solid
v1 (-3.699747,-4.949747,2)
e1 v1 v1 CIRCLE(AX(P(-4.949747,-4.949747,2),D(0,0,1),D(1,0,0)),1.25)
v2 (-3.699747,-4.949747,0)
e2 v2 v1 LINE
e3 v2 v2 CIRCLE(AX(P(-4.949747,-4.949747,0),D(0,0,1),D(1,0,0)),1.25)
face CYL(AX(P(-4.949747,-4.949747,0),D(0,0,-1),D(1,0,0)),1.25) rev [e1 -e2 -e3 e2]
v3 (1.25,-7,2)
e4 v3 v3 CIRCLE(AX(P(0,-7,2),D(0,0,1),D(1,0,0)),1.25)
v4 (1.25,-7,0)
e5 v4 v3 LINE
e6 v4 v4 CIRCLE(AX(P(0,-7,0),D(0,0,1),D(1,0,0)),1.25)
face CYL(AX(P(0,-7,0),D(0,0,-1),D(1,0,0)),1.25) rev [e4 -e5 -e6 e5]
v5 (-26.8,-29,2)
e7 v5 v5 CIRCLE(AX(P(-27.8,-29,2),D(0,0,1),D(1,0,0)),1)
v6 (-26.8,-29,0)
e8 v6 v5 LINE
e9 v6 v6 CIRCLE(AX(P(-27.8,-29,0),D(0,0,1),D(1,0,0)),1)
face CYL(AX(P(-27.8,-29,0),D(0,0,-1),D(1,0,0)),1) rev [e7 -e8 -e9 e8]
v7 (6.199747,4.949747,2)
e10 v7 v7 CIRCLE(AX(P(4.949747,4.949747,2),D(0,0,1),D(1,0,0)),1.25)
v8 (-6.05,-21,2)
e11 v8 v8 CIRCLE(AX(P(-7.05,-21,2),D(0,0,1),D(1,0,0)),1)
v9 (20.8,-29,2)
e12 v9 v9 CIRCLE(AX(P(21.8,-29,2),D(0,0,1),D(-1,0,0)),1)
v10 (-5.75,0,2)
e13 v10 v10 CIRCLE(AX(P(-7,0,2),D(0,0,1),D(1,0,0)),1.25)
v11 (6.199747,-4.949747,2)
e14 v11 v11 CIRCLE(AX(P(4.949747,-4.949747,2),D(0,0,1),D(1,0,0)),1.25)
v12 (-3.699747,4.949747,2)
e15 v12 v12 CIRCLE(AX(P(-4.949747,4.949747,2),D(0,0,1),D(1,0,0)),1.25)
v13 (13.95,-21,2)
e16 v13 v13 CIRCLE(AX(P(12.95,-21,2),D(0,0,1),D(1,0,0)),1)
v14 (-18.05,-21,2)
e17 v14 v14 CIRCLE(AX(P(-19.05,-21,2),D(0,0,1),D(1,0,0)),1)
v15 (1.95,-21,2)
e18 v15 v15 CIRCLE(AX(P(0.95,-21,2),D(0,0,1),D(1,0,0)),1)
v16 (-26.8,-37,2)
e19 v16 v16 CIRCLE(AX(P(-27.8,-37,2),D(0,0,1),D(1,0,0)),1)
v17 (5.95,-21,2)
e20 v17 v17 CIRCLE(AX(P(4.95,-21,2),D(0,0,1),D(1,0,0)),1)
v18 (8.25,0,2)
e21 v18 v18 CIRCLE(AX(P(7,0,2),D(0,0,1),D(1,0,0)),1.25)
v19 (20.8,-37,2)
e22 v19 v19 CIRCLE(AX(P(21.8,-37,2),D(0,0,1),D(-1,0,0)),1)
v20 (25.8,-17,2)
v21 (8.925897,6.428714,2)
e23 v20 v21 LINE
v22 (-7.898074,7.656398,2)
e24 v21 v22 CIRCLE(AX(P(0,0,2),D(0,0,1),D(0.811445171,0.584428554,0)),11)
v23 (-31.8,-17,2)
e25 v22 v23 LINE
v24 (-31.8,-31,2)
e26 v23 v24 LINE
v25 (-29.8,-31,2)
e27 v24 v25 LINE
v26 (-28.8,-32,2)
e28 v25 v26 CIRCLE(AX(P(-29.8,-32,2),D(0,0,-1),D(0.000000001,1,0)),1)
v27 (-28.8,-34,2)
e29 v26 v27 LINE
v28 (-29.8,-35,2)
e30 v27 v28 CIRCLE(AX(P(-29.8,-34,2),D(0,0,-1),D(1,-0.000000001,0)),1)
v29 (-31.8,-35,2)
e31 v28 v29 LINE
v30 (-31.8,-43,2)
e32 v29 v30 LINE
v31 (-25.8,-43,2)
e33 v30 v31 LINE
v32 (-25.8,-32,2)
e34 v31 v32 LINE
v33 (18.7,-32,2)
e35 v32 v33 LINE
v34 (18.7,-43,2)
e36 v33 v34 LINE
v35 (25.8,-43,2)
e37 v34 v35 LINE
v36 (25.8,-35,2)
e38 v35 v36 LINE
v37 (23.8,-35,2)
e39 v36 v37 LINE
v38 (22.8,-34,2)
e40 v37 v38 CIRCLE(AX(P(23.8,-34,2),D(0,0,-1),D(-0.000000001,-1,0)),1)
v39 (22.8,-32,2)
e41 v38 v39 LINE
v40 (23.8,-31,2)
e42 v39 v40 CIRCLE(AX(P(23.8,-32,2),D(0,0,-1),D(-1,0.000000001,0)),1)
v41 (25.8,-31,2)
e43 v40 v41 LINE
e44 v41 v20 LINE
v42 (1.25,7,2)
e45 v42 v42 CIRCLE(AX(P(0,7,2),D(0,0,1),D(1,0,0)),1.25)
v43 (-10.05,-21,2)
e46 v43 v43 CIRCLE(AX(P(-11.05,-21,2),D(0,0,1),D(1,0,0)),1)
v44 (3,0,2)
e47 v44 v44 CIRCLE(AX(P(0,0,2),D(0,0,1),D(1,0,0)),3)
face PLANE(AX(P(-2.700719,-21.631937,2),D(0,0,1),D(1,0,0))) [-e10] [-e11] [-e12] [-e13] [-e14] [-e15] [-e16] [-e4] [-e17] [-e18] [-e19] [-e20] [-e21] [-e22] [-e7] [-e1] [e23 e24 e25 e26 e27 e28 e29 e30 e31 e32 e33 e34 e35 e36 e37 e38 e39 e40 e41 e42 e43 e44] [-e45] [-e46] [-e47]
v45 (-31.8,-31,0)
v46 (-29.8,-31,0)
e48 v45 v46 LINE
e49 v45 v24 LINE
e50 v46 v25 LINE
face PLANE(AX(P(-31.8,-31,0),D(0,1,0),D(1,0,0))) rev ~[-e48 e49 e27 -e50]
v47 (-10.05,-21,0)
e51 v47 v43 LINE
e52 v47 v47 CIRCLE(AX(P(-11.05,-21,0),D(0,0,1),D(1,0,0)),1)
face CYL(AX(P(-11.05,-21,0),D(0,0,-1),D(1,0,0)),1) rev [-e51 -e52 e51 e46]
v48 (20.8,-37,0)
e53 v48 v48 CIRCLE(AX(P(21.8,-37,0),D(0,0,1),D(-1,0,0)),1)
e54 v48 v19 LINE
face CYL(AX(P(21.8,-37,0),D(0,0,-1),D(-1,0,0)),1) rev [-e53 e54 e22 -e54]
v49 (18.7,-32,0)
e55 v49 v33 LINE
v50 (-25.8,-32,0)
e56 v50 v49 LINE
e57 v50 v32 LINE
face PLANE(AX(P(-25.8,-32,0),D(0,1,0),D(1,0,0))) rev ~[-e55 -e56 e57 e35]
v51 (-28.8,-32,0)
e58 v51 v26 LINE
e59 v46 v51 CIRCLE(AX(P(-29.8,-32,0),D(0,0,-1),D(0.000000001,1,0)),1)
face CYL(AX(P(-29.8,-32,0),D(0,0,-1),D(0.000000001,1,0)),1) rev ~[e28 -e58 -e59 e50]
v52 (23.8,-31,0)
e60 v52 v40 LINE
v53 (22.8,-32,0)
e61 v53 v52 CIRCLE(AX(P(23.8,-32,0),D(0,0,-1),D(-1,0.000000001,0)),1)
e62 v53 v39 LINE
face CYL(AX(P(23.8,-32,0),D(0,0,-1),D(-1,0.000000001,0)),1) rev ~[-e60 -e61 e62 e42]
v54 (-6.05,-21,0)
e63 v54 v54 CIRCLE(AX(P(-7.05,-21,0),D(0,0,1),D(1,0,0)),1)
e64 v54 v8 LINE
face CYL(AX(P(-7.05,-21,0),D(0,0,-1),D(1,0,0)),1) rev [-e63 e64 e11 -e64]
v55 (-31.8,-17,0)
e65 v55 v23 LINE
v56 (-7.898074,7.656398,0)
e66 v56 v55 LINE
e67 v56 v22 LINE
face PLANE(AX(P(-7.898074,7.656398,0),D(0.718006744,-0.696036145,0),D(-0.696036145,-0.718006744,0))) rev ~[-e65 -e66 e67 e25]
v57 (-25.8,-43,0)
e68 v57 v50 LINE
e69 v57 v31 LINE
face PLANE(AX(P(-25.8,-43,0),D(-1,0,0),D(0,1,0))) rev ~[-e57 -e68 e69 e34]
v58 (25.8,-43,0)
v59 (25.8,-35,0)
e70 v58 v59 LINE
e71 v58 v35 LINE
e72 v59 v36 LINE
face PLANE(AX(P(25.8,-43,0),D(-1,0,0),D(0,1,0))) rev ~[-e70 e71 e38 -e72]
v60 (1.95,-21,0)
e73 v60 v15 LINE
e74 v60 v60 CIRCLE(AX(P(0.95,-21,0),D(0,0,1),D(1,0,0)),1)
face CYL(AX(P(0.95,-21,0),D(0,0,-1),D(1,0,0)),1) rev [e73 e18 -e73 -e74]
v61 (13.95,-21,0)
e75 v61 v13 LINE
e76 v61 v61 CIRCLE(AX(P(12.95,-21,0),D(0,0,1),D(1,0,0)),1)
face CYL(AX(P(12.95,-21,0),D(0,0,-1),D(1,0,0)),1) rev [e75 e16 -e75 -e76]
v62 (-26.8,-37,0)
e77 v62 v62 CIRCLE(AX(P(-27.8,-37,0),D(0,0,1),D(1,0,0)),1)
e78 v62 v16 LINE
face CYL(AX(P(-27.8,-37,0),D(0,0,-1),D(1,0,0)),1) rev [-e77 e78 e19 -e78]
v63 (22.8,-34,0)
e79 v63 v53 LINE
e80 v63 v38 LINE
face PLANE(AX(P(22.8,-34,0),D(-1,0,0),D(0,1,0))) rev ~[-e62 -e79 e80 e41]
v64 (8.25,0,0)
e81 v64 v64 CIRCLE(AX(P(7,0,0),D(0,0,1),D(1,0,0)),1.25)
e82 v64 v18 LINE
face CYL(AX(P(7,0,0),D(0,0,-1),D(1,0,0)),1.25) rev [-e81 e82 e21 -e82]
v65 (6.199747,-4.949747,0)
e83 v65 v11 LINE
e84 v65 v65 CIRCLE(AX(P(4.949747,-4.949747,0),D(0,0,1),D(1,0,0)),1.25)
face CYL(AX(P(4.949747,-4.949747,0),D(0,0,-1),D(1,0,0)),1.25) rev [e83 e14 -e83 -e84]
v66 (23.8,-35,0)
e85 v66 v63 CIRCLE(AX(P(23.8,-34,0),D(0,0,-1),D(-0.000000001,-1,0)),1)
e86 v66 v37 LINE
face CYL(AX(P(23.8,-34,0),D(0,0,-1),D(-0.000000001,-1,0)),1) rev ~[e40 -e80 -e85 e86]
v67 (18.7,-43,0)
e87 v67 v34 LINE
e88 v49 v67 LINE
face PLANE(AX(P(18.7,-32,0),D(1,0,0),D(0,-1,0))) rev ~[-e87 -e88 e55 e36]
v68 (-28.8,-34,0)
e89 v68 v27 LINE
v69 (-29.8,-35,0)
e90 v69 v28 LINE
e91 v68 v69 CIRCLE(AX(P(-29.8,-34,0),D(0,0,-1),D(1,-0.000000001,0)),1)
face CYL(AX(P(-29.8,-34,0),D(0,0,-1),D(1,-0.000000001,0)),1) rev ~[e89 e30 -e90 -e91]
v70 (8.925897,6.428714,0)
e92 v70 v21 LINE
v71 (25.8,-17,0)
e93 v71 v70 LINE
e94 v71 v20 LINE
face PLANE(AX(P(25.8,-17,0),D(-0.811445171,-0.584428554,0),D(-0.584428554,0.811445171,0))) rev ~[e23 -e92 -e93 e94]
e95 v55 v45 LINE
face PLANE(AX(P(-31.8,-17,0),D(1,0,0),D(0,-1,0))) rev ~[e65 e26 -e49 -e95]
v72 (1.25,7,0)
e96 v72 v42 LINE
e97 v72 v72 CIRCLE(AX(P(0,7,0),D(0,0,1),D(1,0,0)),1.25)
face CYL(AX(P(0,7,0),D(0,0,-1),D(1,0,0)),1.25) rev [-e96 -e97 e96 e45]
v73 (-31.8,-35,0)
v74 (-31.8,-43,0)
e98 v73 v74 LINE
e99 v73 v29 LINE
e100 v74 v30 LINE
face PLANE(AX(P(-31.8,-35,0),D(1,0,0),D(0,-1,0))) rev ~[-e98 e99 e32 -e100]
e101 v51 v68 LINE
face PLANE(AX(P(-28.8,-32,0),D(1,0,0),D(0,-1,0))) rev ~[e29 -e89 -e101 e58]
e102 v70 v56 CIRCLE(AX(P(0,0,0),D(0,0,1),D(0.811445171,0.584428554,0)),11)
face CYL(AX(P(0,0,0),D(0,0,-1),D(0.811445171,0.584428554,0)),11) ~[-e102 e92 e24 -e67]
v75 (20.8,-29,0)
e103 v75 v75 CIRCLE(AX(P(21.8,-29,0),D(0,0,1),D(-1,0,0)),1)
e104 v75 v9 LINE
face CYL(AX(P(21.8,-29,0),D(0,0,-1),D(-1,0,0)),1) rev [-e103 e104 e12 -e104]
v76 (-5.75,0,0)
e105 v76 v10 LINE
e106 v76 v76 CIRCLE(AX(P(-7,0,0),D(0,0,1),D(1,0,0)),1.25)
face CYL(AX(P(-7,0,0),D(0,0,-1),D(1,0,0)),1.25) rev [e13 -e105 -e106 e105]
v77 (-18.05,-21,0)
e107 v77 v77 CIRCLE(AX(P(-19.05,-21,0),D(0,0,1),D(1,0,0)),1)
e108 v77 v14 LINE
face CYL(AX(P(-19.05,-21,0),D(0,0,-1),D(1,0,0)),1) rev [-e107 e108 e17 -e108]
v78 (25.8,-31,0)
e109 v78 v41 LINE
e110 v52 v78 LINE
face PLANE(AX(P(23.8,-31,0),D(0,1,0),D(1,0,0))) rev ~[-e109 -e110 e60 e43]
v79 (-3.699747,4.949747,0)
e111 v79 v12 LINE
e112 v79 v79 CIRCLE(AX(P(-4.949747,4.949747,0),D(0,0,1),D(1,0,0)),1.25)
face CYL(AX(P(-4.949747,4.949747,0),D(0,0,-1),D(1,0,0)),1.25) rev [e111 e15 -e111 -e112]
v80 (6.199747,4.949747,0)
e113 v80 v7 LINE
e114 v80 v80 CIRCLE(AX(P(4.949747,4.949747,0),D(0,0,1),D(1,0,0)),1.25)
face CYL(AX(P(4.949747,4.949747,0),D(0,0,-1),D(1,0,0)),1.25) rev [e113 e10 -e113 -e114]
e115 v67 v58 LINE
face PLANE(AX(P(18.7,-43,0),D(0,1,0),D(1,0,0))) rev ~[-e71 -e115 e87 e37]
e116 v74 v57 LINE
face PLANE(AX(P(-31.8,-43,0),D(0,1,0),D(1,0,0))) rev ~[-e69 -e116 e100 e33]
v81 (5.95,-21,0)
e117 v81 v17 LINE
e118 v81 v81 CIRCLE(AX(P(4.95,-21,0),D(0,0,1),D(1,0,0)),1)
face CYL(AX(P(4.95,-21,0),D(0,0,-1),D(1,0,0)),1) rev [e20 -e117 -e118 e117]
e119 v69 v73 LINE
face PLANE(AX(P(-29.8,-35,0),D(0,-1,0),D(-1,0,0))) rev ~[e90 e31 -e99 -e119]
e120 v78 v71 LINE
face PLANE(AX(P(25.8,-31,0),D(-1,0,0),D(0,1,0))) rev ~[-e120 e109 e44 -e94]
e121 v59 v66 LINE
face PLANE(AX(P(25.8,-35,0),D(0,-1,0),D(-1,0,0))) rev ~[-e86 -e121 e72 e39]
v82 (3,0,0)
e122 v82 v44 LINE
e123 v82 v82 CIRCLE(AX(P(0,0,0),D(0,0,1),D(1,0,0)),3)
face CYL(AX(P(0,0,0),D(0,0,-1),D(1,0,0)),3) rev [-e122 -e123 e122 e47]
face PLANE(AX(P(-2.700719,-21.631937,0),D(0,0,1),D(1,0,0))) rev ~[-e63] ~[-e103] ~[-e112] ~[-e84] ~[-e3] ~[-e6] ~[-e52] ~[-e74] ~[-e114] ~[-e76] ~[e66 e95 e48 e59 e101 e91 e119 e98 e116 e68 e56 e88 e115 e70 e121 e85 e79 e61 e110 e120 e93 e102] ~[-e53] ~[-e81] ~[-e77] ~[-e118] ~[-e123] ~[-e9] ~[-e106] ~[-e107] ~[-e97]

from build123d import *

# Parameters (mm, degrees)
SKETCH_1_R      = 3
SKETCH_1_R_2    = 1.25
SKETCH_1_R_3    = 1
EXTRUDE_1_DEPTH = 2


with BuildPart() as part:
    # 草圖1 → 填料-伸長1 (new body)
    with BuildSketch(Plane.XY):
        with BuildLine():
            Line((25.8, -18), (25.8, -17))
            Line((25.8, -17), (8.925896882, 6.428714091))
            ThreePointArc((8.925896882, 6.428714091), (0.800566406, 10.970829204), (-7.898074186, 7.656397596))
            Line((-7.898074186, 7.656397596), (-31.8, -17))
            Line((-31.8, -17), (-31.8, -18))
            Line((-31.8, -18), (-31.8, -31))
            Line((-31.8, -31), (-29.8, -31))
            ThreePointArc((-29.8, -31), (-29.092893219, -31.292893219), (-28.8, -32))
            Line((-28.8, -32), (-28.8, -34))
            ThreePointArc((-28.8, -34), (-29.092893219, -34.707106781), (-29.8, -35))
            Line((-29.8, -35), (-31.8, -35))
            Line((-31.8, -35), (-31.8, -36))
            Line((-31.8, -36), (-31.8, -42))
            Line((-31.8, -42), (-31.8, -43))
            Line((-31.8, -43), (-30.8, -43))
            Line((-30.8, -43), (-26.8, -43))
            Line((-26.8, -43), (-25.8, -43))
            Line((-25.8, -43), (-25.8, -32))
            Line((-25.8, -32), (18.7, -32))
            Line((18.7, -32), (18.7, -43))
            Line((18.7, -43), (19.7, -43))
            Line((19.7, -43), (20.7, -43))
            Line((20.7, -43), (24.8, -43))
            Line((24.8, -43), (25.8, -43))
            Line((25.8, -43), (25.8, -42))
            Line((25.8, -42), (25.8, -36))
            Line((25.8, -36), (25.8, -35))
            Line((25.8, -35), (23.8, -35))
            ThreePointArc((23.8, -35), (23.092893219, -34.707106781), (22.8, -34))
            Line((22.8, -34), (22.8, -32))
            ThreePointArc((22.8, -32), (23.092893219, -31.292893219), (23.8, -31))
            Line((23.8, -31), (25.8, -31))
            Line((25.8, -31), (25.8, -18))
        make_face()
        Circle(SKETCH_1_R, mode=Mode.SUBTRACT)
        with Locations((0, 7)):
            Circle(SKETCH_1_R_2, mode=Mode.SUBTRACT)
        with Locations((4.949747468, 4.949747468)):
            Circle(SKETCH_1_R_2, mode=Mode.SUBTRACT)
        with Locations((7, 0)):
            Circle(SKETCH_1_R_2, mode=Mode.SUBTRACT)
        with Locations((4.949747468, -4.949747468)):
            Circle(SKETCH_1_R_2, mode=Mode.SUBTRACT)
        with Locations((0, -7)):
            Circle(SKETCH_1_R_2, mode=Mode.SUBTRACT)
        with Locations((-4.949747468, -4.949747468)):
            Circle(SKETCH_1_R_2, mode=Mode.SUBTRACT)
        with Locations((-7, 0)):
            Circle(SKETCH_1_R_2, mode=Mode.SUBTRACT)
        with Locations((-4.949747468, 4.949747468)):
            Circle(SKETCH_1_R_2, mode=Mode.SUBTRACT)
        with Locations((-27.8, -29)):
            Circle(SKETCH_1_R_3, mode=Mode.SUBTRACT)
        with Locations((-27.8, -37)):
            Circle(SKETCH_1_R_3, mode=Mode.SUBTRACT)
        with Locations(Location((21.8, -37, 0), (0, 0, 180))):
            Circle(SKETCH_1_R_3, mode=Mode.SUBTRACT)
        with Locations(Location((21.8, -29, 0), (0, 0, 180))):
            Circle(SKETCH_1_R_3, mode=Mode.SUBTRACT)
        with Locations((-19.05, -21)):
            Circle(SKETCH_1_R_3, mode=Mode.SUBTRACT)
        with Locations((-11.05, -21)):
            Circle(SKETCH_1_R_3, mode=Mode.SUBTRACT)
        with Locations((4.95, -21)):
            Circle(SKETCH_1_R_3, mode=Mode.SUBTRACT)
        with Locations((12.95, -21)):
            Circle(SKETCH_1_R_3, mode=Mode.SUBTRACT)
        with Locations((-7.05, -21)):
            Circle(SKETCH_1_R_3, mode=Mode.SUBTRACT)
        with Locations((0.95, -21)):
            Circle(SKETCH_1_R_3, mode=Mode.SUBTRACT)
    extrude(amount=EXTRUDE_1_DEPTH)


solid = part.part
